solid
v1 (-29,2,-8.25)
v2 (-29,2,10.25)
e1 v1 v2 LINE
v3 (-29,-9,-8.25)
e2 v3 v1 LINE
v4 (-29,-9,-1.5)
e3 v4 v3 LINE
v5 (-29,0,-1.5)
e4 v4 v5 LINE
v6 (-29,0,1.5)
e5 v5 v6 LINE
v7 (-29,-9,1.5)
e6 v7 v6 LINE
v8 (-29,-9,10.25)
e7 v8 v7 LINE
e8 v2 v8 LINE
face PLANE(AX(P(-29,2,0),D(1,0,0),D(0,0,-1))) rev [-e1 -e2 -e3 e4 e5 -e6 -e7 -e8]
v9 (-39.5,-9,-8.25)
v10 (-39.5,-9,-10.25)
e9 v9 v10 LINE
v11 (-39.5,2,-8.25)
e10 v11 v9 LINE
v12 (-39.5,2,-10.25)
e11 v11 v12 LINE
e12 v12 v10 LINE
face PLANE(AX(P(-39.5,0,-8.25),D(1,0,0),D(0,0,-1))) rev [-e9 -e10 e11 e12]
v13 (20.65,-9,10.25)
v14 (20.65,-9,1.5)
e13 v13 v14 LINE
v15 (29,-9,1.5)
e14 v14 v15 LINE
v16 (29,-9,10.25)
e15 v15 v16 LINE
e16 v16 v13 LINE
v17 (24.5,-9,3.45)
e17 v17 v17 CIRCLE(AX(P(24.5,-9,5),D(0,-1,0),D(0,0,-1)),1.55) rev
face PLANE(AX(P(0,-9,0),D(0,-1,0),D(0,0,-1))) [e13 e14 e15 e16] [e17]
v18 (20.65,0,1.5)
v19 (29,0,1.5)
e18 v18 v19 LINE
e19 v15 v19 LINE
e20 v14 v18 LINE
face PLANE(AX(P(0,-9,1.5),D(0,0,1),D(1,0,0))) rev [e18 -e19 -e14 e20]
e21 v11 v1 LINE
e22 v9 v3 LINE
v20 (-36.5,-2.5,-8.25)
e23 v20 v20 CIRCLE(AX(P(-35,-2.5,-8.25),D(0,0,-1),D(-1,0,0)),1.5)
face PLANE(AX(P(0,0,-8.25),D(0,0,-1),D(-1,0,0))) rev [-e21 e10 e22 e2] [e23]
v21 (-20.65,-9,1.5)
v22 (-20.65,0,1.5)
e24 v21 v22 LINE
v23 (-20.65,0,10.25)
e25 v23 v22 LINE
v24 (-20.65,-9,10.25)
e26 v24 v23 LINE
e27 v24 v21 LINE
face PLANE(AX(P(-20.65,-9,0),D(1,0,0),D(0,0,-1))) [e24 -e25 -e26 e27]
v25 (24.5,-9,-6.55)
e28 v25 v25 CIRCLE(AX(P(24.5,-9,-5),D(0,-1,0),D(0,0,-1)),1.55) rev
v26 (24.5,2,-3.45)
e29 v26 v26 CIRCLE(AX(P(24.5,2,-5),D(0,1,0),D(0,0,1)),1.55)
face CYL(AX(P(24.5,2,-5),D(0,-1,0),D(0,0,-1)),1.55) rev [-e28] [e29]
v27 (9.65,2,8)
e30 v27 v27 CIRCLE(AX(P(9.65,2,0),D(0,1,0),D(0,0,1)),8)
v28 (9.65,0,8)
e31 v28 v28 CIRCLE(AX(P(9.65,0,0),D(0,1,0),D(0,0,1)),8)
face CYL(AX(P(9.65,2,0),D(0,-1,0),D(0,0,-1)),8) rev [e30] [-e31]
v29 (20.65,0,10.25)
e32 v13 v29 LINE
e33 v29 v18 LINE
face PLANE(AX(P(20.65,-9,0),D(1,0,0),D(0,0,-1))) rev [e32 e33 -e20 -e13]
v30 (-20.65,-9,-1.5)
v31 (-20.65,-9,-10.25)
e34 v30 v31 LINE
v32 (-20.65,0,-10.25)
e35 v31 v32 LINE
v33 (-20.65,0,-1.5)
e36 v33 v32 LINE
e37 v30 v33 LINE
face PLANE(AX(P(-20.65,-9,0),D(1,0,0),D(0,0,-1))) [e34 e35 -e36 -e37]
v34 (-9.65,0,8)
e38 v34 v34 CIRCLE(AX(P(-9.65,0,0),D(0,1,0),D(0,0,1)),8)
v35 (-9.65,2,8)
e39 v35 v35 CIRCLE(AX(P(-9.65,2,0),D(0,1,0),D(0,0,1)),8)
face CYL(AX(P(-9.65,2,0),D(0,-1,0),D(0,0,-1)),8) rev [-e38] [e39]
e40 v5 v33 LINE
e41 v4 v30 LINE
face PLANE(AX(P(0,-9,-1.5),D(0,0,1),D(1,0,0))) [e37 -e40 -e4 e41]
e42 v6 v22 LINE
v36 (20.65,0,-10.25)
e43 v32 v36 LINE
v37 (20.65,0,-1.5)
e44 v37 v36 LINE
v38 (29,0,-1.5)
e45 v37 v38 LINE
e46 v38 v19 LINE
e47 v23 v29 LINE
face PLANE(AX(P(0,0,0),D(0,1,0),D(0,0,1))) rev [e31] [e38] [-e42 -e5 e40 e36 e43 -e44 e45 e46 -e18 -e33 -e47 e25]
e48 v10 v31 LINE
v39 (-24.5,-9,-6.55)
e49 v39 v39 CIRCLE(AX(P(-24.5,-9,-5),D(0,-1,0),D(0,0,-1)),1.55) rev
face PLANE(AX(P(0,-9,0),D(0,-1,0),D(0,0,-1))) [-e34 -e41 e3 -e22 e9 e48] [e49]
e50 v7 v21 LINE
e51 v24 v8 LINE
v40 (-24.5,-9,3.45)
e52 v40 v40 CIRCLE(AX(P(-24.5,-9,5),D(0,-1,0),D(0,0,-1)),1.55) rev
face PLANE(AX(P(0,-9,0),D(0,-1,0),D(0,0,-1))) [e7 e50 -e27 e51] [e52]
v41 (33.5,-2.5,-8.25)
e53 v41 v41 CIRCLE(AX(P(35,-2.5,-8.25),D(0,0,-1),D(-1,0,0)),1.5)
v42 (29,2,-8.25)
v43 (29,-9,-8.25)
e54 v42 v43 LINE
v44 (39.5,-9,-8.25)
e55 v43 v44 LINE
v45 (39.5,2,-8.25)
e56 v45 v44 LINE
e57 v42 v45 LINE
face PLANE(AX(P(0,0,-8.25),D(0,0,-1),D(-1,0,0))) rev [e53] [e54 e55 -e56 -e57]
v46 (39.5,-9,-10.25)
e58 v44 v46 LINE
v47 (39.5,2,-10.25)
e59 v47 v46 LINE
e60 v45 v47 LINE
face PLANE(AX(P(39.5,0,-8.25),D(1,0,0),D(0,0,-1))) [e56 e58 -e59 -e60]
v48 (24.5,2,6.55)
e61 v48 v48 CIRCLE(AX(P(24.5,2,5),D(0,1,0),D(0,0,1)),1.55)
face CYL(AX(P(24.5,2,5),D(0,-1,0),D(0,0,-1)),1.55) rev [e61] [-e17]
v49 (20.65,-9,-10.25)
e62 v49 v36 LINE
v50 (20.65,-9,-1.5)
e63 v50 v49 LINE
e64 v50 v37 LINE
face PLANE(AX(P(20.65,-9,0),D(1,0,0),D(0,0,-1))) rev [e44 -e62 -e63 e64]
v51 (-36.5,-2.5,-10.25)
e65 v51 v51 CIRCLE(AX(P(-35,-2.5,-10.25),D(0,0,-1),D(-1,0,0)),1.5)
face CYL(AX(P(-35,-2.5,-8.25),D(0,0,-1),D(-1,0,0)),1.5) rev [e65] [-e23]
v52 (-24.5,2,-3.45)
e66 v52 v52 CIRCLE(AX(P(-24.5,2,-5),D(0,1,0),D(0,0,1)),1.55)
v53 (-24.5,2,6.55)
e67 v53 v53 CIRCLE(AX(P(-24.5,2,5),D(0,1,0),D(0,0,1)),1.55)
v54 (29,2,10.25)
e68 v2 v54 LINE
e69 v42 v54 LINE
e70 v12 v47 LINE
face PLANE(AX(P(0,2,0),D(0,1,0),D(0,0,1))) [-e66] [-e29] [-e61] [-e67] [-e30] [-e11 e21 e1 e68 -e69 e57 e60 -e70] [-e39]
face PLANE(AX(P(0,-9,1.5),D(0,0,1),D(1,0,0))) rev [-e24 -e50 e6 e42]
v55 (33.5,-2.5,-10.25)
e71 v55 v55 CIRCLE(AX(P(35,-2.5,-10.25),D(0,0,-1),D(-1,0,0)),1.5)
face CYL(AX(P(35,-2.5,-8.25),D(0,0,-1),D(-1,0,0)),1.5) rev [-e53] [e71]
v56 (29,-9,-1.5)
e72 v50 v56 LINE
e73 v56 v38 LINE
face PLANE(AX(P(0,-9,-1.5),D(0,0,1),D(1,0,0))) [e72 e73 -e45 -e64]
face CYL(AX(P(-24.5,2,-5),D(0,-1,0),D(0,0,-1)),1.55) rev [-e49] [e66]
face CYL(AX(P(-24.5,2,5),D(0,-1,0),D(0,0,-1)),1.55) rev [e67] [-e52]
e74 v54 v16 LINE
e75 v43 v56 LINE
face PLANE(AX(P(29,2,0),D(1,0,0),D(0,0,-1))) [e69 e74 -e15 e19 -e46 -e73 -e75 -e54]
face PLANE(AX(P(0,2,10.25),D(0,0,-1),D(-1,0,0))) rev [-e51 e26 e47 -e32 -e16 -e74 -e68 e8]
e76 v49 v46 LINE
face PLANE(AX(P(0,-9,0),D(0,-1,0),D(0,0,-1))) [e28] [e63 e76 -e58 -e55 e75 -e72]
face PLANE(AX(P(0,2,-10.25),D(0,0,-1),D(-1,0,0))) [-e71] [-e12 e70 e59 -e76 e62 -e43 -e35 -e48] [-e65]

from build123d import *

# Parameters (mm, degrees)
SKETCH2_W           = 58
SKETCH2_H           = 20.5
SKETCH2_R           = 8
SKETCH2_R_2         = 1.55
BOSS_EXTRUDE1_DEPTH = 2
SKETCH3_W           = 8.35
SKETCH3_H           = 8.75
SKETCH3_R           = 1.55
BOSS_EXTRUDE2_DEPTH = 9
SKETCH4_W           = 10.5
SKETCH4_H           = 11
SKETCH4_R           = 1.5
BOSS_EXTRUDE3_DEPTH = 2


with BuildPart() as part:
    # Sketch2 → Boss-Extrude1 (new body)
    with BuildSketch(Plane(origin=(0, 0, 0), x_dir=(1, 0, 0), z_dir=(0, 1, 0))):
        Rectangle(SKETCH2_W, SKETCH2_H)
        with Locations((-9.65, 0)):
            Circle(SKETCH2_R, mode=Mode.SUBTRACT)
        with Locations((-24.5, 5)):
            Circle(SKETCH2_R_2, mode=Mode.SUBTRACT)
        with Locations((-24.5, -5)):
            Circle(SKETCH2_R_2, mode=Mode.SUBTRACT)
        with Locations((24.5, 5)):
            Circle(SKETCH2_R_2, mode=Mode.SUBTRACT)
        with Locations((24.5, -5)):
            Circle(SKETCH2_R_2, mode=Mode.SUBTRACT)
        with Locations((9.65, 0)):
            Circle(SKETCH2_R, mode=Mode.SUBTRACT)
    extrude(amount=BOSS_EXTRUDE1_DEPTH)

    # Sketch3 → Boss-Extrude2 (add)
    with BuildSketch(Plane.XZ):
        with Locations((-24.825, 5.875)):
            Rectangle(SKETCH3_W, SKETCH3_H)
        with Locations((-24.5, 5)):
            Circle(SKETCH3_R, mode=Mode.SUBTRACT)
        with Locations((-24.825, -5.875)):
            Rectangle(SKETCH3_W, SKETCH3_H)
        with Locations((-24.5, -5)):
            Circle(SKETCH3_R, mode=Mode.SUBTRACT)
        with Locations((24.825, 5.875)):
            Rectangle(SKETCH3_W, SKETCH3_H)
        with Locations((24.5, 5)):
            Circle(SKETCH3_R, mode=Mode.SUBTRACT)
        with Locations((24.825, -5.875)):
            Rectangle(SKETCH3_W, SKETCH3_H)
        with Locations((24.5, -5)):
            Circle(SKETCH3_R, mode=Mode.SUBTRACT)
    extrude(amount=BOSS_EXTRUDE2_DEPTH)

    # Sketch4 → Boss-Extrude3 (add)
    with BuildSketch(Plane(origin=(0, 0, -10.25), x_dir=(-1, 0, 0), z_dir=(0, 0, -1))):
        with Locations((34.25, -3.5)):
            Rectangle(SKETCH4_W, SKETCH4_H)
        with Locations((35, -2.5)):
            Circle(SKETCH4_R, mode=Mode.SUBTRACT)
        with Locations((-34.25, -3.5)):
            Rectangle(SKETCH4_W, SKETCH4_H)
        with Locations((-35, -2.5)):
            Circle(SKETCH4_R, mode=Mode.SUBTRACT)
    extrude(amount=-BOSS_EXTRUDE3_DEPTH)


solid = part.part
